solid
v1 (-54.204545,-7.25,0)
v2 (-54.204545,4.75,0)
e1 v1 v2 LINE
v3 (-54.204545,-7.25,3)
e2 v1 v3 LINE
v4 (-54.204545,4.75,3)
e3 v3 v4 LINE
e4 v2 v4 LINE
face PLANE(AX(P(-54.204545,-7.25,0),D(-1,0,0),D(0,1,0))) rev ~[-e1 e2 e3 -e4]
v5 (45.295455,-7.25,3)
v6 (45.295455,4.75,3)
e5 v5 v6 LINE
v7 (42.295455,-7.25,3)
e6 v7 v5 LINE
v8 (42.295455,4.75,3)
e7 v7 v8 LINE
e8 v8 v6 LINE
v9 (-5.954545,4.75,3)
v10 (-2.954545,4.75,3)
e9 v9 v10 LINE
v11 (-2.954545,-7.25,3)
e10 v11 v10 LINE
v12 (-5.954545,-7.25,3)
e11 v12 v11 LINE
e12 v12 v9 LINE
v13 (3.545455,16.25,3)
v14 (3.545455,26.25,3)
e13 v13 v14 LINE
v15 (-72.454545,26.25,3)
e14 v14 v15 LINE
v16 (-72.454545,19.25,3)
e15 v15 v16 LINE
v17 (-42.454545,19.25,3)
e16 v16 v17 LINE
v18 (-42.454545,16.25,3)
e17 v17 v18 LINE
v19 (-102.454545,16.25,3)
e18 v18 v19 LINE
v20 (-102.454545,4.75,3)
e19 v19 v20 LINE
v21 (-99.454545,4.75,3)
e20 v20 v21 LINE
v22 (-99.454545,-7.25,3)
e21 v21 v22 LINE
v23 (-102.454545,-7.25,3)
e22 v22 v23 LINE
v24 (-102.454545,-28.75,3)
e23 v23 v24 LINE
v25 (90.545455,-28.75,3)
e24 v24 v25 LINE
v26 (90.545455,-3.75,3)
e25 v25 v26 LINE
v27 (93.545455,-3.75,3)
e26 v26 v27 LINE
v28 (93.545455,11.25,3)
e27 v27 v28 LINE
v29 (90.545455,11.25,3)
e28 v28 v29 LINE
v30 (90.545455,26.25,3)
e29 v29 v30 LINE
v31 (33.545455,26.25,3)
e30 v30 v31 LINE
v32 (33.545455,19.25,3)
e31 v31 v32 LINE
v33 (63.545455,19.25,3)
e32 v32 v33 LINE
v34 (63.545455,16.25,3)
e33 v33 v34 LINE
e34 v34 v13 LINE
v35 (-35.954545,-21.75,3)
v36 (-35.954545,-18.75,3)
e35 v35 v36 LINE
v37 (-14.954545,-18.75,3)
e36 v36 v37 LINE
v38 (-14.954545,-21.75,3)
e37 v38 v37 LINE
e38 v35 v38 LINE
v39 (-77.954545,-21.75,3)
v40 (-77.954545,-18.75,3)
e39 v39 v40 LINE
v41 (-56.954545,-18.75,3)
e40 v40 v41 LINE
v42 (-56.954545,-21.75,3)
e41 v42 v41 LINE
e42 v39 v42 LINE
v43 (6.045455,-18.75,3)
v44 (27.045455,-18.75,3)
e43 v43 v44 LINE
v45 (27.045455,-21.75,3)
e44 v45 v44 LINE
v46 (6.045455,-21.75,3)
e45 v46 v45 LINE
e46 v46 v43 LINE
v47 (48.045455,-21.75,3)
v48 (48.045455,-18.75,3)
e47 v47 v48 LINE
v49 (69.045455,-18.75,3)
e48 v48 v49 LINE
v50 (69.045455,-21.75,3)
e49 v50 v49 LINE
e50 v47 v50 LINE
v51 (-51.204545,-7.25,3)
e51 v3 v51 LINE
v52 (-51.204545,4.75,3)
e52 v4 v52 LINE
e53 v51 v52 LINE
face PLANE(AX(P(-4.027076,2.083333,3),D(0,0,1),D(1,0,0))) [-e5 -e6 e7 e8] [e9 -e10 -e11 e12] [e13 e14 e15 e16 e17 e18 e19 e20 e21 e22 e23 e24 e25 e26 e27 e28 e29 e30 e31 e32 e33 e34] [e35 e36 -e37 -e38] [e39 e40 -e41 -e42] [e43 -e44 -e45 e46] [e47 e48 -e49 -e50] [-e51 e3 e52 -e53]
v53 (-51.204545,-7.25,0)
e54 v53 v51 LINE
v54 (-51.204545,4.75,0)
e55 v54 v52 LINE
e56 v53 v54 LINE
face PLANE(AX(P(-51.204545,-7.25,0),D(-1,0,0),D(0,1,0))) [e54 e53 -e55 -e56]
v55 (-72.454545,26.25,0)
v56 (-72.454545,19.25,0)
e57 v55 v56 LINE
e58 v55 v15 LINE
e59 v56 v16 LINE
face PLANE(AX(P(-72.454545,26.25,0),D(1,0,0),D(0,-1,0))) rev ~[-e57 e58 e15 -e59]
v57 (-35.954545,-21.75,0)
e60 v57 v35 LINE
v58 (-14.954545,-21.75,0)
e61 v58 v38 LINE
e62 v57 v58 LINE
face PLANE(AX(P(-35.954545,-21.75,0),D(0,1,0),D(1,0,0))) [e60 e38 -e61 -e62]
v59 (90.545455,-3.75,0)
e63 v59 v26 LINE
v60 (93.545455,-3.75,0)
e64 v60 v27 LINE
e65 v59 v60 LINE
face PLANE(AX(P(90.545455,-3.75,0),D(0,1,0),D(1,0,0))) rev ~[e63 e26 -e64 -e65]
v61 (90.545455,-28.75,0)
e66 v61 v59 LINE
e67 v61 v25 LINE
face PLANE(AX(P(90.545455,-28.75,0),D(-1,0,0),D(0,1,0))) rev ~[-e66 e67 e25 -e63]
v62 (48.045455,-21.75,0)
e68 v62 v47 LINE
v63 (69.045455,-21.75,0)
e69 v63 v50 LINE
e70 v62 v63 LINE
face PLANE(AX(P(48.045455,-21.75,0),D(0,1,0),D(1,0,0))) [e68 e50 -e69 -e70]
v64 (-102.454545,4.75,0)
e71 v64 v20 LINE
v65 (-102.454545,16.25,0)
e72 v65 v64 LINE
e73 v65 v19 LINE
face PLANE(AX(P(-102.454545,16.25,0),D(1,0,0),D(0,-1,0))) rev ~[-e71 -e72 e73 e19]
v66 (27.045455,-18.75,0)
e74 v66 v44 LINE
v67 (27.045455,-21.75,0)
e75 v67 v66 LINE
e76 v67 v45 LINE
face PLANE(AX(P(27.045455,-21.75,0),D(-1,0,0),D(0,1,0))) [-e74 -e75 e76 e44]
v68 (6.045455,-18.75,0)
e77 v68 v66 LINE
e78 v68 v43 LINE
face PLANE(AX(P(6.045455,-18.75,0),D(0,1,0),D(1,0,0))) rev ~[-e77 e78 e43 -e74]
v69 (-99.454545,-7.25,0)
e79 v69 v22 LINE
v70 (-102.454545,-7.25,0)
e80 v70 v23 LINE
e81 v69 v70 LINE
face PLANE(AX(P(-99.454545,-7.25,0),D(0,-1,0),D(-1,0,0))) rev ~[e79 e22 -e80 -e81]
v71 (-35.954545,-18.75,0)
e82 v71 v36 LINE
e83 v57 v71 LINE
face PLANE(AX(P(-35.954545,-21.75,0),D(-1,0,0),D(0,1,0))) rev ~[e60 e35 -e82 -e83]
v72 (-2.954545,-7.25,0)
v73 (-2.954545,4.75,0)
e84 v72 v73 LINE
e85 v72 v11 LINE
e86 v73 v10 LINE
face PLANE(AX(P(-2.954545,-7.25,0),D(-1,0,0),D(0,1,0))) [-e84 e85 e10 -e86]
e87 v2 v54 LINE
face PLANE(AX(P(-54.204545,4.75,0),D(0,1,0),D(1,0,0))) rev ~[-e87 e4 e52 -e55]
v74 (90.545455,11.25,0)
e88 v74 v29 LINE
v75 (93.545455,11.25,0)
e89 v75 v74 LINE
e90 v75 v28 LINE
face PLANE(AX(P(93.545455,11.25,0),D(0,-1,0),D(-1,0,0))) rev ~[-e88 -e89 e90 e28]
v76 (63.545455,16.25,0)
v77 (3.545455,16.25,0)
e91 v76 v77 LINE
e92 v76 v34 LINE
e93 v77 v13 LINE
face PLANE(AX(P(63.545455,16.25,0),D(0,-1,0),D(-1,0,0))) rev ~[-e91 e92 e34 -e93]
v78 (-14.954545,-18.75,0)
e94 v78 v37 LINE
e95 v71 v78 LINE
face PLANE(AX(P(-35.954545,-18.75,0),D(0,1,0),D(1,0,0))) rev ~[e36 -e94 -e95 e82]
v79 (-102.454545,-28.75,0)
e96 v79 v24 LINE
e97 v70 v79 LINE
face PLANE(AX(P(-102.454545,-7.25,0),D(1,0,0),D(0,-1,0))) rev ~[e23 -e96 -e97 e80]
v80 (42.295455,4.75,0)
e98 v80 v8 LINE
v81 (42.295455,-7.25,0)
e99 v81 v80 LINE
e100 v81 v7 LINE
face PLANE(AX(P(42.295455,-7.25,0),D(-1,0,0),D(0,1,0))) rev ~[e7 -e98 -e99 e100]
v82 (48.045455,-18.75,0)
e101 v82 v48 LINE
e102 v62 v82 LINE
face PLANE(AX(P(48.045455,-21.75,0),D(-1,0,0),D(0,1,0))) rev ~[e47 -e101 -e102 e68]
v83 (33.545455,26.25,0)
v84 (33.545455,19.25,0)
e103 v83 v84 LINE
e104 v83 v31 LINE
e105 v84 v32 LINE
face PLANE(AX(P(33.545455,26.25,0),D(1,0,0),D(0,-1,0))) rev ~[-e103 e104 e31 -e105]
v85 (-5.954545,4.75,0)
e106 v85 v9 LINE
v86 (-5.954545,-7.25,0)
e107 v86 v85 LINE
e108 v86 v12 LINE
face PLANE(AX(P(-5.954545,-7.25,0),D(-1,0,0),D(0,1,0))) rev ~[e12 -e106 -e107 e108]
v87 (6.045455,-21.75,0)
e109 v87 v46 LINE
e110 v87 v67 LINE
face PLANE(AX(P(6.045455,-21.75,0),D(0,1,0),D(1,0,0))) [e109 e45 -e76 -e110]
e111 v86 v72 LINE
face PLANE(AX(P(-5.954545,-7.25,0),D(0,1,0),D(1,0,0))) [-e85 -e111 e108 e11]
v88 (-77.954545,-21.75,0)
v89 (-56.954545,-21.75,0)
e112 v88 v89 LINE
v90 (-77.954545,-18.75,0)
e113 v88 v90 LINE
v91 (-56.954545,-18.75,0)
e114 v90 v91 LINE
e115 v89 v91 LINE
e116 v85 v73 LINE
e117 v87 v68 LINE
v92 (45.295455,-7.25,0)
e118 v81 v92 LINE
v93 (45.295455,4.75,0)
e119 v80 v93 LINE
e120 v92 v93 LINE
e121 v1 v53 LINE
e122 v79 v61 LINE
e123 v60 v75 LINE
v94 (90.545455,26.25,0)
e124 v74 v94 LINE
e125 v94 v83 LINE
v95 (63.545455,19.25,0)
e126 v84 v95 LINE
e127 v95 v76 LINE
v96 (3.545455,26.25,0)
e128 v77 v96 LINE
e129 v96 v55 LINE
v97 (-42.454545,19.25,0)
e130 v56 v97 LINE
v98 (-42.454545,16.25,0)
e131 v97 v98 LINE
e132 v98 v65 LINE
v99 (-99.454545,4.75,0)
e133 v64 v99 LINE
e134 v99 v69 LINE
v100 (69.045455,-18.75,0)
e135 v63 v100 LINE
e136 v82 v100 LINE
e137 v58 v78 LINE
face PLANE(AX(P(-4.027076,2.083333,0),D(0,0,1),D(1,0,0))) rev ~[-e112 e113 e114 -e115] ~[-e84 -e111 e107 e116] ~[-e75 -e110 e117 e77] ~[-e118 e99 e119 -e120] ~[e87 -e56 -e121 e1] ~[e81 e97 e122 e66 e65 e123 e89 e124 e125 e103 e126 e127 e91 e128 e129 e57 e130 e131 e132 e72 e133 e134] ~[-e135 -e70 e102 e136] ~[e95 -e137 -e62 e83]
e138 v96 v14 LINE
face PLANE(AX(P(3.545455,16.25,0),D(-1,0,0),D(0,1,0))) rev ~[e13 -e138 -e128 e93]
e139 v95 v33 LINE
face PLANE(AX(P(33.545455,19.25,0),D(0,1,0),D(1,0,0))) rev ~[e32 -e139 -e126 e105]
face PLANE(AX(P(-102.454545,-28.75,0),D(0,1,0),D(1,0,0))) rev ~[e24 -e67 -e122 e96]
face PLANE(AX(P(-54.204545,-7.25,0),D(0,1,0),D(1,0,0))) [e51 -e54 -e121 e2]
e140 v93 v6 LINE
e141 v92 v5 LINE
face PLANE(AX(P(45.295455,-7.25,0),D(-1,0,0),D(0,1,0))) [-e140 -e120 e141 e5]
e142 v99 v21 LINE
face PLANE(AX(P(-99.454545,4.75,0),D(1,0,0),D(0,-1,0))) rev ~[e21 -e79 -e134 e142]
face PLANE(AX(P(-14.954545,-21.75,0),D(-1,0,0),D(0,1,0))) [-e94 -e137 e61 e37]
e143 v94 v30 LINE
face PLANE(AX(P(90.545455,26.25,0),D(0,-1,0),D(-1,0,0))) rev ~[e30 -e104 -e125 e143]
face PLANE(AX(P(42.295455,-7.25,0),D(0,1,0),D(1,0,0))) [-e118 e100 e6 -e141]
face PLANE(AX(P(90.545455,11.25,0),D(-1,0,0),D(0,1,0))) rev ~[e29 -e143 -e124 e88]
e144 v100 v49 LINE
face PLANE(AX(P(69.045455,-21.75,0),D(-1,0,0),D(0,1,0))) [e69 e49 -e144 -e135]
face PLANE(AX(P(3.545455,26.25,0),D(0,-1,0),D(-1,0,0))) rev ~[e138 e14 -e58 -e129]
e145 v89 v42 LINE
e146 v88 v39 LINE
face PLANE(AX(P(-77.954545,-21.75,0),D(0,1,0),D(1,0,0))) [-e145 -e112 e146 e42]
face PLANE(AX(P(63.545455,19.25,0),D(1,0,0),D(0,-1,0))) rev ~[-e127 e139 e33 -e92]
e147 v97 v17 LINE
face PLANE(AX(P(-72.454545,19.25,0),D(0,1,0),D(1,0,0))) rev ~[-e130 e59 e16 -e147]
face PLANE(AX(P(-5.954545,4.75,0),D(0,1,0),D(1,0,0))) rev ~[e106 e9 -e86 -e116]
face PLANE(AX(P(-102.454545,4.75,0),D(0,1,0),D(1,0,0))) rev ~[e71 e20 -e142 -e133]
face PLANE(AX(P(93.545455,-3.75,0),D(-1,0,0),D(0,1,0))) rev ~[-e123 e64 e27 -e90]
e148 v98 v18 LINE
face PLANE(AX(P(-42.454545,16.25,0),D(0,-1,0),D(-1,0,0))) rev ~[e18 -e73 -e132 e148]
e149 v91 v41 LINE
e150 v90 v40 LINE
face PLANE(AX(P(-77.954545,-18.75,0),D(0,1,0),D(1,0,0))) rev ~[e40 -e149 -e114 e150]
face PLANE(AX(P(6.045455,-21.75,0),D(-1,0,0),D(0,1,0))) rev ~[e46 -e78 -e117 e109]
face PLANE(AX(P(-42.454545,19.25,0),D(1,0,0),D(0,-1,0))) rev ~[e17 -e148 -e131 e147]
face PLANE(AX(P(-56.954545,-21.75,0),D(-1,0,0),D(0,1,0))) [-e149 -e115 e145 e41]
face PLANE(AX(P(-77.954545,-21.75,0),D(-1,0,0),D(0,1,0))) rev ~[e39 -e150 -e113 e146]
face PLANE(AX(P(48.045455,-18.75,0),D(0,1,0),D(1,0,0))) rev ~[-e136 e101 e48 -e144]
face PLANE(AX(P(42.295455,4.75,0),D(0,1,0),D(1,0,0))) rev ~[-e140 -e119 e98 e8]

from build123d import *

# Parameters (mm, degrees)
SKETCH1_W           = 21
SKETCH1_H           = 3
SKETCH1_W_2         = 3
SKETCH1_H_2         = 12
BOSS_EXTRUDE1_DEPTH = 3


with BuildPart() as part:
    # Sketch1 → Boss-Extrude1 (new body)
    with BuildSketch(Plane.XY):
        Polygon((-99.454545455, -7.25), (-102.454545455, -7.25), (-102.454545455, -28.75), (90.545454545, -28.75), (90.545454545, -3.75), (93.545454545, -3.75), (93.545454545, 11.25), (90.545454545, 11.25), (90.545454545, 26.25), (33.545454545, 26.25), (33.545454545, 19.25), (63.545454545, 19.25), (63.545454545, 16.25), (3.545454545, 16.25), (3.545454545, 26.25), (-72.454545455, 26.25), (-72.454545455, 19.25), (-42.454545455, 19.25), (-42.454545455, 16.25), (-102.454545455, 16.25), (-102.454545455, 4.75), (-99.454545455, 4.75), align=None)
        with Locations((-67.454545455, -20.25)):
            Rectangle(SKETCH1_W, SKETCH1_H, mode=Mode.SUBTRACT)
        with Locations((-25.454545455, -20.25)):
            Rectangle(SKETCH1_W, SKETCH1_H, mode=Mode.SUBTRACT)
        with Locations((16.545454545, -20.25)):
            Rectangle(SKETCH1_W, SKETCH1_H, mode=Mode.SUBTRACT)
        with Locations((58.545454545, -20.25)):
            Rectangle(SKETCH1_W, SKETCH1_H, mode=Mode.SUBTRACT)
        with Locations((-52.704545455, -1.25)):
            Rectangle(SKETCH1_W_2, SKETCH1_H_2, mode=Mode.SUBTRACT)
        with Locations((-4.454545455, -1.25)):
            Rectangle(SKETCH1_W_2, SKETCH1_H_2, mode=Mode.SUBTRACT)
        with Locations((43.795454545, -1.25)):
            Rectangle(SKETCH1_W_2, SKETCH1_H_2, mode=Mode.SUBTRACT)
    extrude(amount=BOSS_EXTRUDE1_DEPTH)


solid = part.part
